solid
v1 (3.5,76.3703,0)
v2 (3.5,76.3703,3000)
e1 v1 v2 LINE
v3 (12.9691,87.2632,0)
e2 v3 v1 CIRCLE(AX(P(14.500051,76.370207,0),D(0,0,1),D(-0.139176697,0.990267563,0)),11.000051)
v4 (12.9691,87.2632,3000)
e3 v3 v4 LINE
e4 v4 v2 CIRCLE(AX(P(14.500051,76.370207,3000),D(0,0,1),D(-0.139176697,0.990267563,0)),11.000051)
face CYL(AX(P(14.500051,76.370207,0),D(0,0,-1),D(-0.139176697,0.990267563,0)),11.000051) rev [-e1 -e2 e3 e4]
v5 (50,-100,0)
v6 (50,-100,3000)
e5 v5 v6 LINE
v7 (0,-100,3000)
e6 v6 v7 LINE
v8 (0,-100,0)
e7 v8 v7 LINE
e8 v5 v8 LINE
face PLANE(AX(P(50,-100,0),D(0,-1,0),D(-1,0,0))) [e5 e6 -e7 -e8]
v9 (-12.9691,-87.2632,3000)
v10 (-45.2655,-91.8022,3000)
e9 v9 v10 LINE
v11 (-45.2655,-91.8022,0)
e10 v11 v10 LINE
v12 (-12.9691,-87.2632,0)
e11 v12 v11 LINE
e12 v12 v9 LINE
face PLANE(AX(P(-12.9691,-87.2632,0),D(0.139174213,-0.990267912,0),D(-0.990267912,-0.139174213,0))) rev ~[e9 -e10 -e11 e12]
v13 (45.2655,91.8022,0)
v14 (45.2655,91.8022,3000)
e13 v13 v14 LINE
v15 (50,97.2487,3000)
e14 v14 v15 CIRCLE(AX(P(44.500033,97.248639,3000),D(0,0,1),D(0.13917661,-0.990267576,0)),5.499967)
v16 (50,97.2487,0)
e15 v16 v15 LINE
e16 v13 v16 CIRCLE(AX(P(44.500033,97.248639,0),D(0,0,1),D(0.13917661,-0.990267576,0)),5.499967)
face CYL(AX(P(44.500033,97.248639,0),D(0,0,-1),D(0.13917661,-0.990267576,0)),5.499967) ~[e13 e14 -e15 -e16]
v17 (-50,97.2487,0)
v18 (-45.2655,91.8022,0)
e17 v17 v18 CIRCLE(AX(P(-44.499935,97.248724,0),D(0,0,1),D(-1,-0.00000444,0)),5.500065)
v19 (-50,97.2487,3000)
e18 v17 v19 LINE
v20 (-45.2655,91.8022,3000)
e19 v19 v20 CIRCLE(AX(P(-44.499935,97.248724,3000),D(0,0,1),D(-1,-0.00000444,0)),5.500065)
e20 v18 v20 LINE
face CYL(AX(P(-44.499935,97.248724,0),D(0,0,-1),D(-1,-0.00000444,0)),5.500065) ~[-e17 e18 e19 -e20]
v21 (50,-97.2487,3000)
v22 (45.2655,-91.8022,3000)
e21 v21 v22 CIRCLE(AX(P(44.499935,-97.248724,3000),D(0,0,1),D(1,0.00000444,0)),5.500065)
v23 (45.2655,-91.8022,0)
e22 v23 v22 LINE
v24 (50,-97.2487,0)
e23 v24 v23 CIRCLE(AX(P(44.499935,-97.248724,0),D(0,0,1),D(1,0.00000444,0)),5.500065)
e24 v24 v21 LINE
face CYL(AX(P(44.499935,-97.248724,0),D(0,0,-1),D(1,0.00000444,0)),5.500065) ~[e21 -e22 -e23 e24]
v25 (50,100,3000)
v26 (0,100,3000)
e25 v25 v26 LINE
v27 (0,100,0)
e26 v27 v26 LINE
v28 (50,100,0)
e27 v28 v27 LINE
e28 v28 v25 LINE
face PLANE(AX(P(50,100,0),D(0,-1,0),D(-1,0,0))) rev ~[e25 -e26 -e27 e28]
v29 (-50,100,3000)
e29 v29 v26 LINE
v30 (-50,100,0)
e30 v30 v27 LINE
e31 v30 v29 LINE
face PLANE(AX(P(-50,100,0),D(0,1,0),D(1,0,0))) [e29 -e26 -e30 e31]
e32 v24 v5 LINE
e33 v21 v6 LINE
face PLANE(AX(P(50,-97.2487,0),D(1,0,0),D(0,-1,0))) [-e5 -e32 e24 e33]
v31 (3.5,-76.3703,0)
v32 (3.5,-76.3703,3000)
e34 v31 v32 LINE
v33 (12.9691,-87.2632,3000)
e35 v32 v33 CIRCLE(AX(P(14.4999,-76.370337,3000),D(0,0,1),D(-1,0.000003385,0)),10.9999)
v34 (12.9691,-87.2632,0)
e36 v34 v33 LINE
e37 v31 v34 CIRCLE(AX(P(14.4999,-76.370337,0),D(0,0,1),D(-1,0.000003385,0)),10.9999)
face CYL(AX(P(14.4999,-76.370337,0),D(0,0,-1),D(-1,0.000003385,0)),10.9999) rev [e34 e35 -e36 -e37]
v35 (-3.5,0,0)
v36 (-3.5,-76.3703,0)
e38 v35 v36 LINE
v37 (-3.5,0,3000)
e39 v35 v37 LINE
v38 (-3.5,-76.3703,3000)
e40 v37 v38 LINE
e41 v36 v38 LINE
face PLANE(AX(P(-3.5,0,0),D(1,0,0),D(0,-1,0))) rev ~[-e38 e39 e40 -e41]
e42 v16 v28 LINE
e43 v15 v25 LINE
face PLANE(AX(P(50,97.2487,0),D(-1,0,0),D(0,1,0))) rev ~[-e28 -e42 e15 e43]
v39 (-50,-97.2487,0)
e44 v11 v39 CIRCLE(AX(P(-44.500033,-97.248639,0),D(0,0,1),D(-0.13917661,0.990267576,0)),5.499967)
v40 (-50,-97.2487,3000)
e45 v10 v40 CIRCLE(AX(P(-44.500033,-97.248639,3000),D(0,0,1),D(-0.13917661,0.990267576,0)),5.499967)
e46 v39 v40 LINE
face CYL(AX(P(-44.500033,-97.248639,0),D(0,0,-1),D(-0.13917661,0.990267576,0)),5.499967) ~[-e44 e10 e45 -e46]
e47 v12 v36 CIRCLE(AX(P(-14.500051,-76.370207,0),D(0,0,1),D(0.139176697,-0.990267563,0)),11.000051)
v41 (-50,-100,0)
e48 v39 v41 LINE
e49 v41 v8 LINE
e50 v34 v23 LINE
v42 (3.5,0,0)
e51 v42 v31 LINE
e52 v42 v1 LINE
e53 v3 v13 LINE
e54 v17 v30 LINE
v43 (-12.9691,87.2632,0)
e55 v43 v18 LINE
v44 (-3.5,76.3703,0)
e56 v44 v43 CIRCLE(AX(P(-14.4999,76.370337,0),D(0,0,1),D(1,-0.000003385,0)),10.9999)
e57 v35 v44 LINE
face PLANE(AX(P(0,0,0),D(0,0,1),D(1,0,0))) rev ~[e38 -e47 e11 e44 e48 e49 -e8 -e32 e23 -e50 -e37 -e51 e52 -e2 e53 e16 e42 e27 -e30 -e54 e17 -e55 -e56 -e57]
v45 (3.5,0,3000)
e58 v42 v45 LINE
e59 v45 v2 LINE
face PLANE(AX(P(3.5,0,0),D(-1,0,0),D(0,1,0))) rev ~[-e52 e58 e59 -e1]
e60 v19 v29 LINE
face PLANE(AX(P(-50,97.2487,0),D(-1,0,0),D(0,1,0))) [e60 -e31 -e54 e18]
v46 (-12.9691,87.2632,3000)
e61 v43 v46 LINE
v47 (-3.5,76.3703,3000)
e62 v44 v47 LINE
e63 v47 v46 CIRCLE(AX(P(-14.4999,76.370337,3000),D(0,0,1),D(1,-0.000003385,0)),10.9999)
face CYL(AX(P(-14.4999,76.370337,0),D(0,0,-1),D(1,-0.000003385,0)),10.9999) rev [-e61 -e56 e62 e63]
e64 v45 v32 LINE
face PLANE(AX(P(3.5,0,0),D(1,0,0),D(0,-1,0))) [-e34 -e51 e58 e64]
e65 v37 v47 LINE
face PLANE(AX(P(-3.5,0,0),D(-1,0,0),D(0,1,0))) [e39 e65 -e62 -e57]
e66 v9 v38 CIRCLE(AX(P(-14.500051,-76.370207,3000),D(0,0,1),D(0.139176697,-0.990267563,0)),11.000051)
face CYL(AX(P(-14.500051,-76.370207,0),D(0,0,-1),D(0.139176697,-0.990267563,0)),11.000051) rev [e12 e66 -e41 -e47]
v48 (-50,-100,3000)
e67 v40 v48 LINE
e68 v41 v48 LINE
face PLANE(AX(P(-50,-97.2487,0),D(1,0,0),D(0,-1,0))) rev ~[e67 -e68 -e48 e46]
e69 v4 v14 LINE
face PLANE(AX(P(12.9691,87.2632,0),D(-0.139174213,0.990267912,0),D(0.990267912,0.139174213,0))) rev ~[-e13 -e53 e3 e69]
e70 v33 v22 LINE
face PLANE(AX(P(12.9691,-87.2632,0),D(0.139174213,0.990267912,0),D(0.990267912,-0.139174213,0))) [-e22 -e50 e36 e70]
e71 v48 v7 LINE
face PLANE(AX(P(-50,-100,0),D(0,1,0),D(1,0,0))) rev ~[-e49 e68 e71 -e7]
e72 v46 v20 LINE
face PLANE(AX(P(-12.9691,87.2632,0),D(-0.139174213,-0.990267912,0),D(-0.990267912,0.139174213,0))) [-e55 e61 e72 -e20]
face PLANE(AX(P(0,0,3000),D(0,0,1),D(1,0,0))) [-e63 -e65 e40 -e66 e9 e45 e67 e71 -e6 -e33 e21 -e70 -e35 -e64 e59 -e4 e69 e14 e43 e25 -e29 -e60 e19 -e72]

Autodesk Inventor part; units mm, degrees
ref_plane "YZ Plane" through (0, 0, 0) normal (1, 0, 0) x (0, 1, 0)
ref_plane "Start Plane" through (0, 0, 0) normal (0, 0, 1) x (1, 0, 0)
ref_plane "End Plane" through (0, 0, 3000) normal (0, 0, 1) x (1, 0, 0)
sketch "Sketch" plane through (0, 0, 0) normal (0, 0, 1) x (1, 0, 0)
  line L0 (-3.5, 0) -> (-3.5, -76.3703)
  line L1 (-12.9691, -87.2632) -> (-45.2655, -91.8022)
  line L2 (-50, -97.2487) -> (-50, -100)
  line L3 (-50, -100) -> (0, -100)
  line L4 (-26.75, -100) -> (-26.75, -89.2) construction
  line L5 (-25.7112, 0) -> (34.2816, 0) construction
  line L6 (0, 40) -> (0, -100) construction
  line L7 (0, -48) -> (0, 64) construction
  line L8 (3.5, 0) -> (3.5, -76.3703)
  line L9 (12.9691, -87.2632) -> (45.2655, -91.8022)
  line L10 (50, -97.2487) -> (50, -100)
  line L11 (50, -100) -> (0, -100)
  line L12 (-3.5, 0) -> (3.5, 0) construction
  line L13 (-3.5, 0) -> (-3.5, 76.3703)
  line L14 (-12.9691, 87.2632) -> (-45.2655, 91.8022)
  line L15 (-50, 97.2487) -> (-50, 100)
  line L16 (-50, 100) -> (0, 100)
  line L17 (3.5, 0) -> (3.5, 76.3703)
  line L18 (12.9691, 87.2632) -> (45.2655, 91.8022)
  line L19 (50, 97.2487) -> (50, 100)
  line L20 (50, 100) -> (0, 100)
  arc A0 (-50, 97.2487) -> (-45.2655, 91.8022) centre (-44.5, 97.2487) ccw
  arc A1 (45.2655, 91.8022) -> (50, 97.2487) centre (44.5, 97.2487) ccw
  arc A2 (50, -97.2487) -> (45.2655, -91.8022) centre (44.5, -97.2487) ccw
  arc A3 (-45.2655, -91.8022) -> (-50, -97.2487) centre (-44.5, -97.2487) ccw
  arc A4 (-3.5, 76.3703) -> (-12.9691, 87.2632) centre (-14.5, 76.3703) ccw
  arc A5 (12.9691, 87.2632) -> (3.5, 76.3703) centre (14.5, 76.3703) ccw
  arc A6 (3.5, -76.3703) -> (12.9691, -87.2632) centre (14.5, -76.3703) ccw
  arc A7 (-12.9691, -87.2632) -> (-3.5, -76.3703) centre (-14.5, -76.3703) ccw
  line L21 (0, 140) -> (0, -140) construction
  line L22 (-71.4254, 0) -> (71.4254, 0) construction
  point P0 (-3.5, -85.9324)
  point P1 (-50, -92.4676)
  point P2 (3.5, -85.9324)
  point P3 (50, -92.4676)
  point P4 (26.75, -100)
  point P5 (26.75, -89.2)
  point P6 (-3.5, 85.9324)
  point P7 (-50, 92.4676)
  point P8 (-26.75, 100)
  point P9 (-26.75, 89.2)
  point P10 (3.5, 85.9324)
  point P11 (50, 92.4676)
  point P12 (26.75, 89.2)
  point P13 (26.75, 100)
  dimension "d1" = 3.2676
  dimension "d2" = 10.8
  dimension "d3" = 23.25
  dimension "d4" = 3.5
  dimension "d5" = 50
  dimension "d10" = 100
  dimension "d14" = 5.5
  dimension "d15" = 11
extrude "Body" add sketch "Sketch" along normal up to surface (3000 mm away) from surface at 0
sketch "Sketch3" plane through (0, 0, 0) normal (0, 0, 1) x (1, 0, 0)
  line L0 (0, 0) -> (10, 0)
ref_plane "Work Plane3" through (0, 0, 0) normal (0, -1, 0) x (1, 0, 0)
sketch "Sketch4" plane through (0, 0, 0) normal (0, -1, 0) x (1, 0, 0)
  line L0 (-2, 0) -> (12, 0) projected
  line L1 (-2, 3000) -> (12, 3000) projected
  dimension "d19" = 3000
equation "\"d2\" = G_T1"
equation "\"d3\" = G_C"
equation "\"d4\" = 0.5 * G_T"
equation "\"d5\" = 0.5 * G_W"
equation "\"d10\" = 0.5 * G_H"
equation "\"d14\" = G_ER"
equation "\"d15\" = G_IR"
equation "\"d6\" = G_L"
equation "\"G_W\" = 100"
equation "\"G_H\" = 200"
equation "\"G_T\" = 7"
equation "\"G_T1\" = 10.8"
equation "\"G_C\" = 23.25"
equation "\"G_NG\" = 0.140541"
equation "\"G_L\" = d19"
equation "\"G_ER\" = 0.5 * G_IR"
equation "\"G_IR\" = 11"
equation "\"G_OFFSET_START\" = 0"
equation "\"G_OFFSET_END\" = 0"
properties part number "ISO 657/15 - SB 200x27 - 3000" material "Steel, Mild"
